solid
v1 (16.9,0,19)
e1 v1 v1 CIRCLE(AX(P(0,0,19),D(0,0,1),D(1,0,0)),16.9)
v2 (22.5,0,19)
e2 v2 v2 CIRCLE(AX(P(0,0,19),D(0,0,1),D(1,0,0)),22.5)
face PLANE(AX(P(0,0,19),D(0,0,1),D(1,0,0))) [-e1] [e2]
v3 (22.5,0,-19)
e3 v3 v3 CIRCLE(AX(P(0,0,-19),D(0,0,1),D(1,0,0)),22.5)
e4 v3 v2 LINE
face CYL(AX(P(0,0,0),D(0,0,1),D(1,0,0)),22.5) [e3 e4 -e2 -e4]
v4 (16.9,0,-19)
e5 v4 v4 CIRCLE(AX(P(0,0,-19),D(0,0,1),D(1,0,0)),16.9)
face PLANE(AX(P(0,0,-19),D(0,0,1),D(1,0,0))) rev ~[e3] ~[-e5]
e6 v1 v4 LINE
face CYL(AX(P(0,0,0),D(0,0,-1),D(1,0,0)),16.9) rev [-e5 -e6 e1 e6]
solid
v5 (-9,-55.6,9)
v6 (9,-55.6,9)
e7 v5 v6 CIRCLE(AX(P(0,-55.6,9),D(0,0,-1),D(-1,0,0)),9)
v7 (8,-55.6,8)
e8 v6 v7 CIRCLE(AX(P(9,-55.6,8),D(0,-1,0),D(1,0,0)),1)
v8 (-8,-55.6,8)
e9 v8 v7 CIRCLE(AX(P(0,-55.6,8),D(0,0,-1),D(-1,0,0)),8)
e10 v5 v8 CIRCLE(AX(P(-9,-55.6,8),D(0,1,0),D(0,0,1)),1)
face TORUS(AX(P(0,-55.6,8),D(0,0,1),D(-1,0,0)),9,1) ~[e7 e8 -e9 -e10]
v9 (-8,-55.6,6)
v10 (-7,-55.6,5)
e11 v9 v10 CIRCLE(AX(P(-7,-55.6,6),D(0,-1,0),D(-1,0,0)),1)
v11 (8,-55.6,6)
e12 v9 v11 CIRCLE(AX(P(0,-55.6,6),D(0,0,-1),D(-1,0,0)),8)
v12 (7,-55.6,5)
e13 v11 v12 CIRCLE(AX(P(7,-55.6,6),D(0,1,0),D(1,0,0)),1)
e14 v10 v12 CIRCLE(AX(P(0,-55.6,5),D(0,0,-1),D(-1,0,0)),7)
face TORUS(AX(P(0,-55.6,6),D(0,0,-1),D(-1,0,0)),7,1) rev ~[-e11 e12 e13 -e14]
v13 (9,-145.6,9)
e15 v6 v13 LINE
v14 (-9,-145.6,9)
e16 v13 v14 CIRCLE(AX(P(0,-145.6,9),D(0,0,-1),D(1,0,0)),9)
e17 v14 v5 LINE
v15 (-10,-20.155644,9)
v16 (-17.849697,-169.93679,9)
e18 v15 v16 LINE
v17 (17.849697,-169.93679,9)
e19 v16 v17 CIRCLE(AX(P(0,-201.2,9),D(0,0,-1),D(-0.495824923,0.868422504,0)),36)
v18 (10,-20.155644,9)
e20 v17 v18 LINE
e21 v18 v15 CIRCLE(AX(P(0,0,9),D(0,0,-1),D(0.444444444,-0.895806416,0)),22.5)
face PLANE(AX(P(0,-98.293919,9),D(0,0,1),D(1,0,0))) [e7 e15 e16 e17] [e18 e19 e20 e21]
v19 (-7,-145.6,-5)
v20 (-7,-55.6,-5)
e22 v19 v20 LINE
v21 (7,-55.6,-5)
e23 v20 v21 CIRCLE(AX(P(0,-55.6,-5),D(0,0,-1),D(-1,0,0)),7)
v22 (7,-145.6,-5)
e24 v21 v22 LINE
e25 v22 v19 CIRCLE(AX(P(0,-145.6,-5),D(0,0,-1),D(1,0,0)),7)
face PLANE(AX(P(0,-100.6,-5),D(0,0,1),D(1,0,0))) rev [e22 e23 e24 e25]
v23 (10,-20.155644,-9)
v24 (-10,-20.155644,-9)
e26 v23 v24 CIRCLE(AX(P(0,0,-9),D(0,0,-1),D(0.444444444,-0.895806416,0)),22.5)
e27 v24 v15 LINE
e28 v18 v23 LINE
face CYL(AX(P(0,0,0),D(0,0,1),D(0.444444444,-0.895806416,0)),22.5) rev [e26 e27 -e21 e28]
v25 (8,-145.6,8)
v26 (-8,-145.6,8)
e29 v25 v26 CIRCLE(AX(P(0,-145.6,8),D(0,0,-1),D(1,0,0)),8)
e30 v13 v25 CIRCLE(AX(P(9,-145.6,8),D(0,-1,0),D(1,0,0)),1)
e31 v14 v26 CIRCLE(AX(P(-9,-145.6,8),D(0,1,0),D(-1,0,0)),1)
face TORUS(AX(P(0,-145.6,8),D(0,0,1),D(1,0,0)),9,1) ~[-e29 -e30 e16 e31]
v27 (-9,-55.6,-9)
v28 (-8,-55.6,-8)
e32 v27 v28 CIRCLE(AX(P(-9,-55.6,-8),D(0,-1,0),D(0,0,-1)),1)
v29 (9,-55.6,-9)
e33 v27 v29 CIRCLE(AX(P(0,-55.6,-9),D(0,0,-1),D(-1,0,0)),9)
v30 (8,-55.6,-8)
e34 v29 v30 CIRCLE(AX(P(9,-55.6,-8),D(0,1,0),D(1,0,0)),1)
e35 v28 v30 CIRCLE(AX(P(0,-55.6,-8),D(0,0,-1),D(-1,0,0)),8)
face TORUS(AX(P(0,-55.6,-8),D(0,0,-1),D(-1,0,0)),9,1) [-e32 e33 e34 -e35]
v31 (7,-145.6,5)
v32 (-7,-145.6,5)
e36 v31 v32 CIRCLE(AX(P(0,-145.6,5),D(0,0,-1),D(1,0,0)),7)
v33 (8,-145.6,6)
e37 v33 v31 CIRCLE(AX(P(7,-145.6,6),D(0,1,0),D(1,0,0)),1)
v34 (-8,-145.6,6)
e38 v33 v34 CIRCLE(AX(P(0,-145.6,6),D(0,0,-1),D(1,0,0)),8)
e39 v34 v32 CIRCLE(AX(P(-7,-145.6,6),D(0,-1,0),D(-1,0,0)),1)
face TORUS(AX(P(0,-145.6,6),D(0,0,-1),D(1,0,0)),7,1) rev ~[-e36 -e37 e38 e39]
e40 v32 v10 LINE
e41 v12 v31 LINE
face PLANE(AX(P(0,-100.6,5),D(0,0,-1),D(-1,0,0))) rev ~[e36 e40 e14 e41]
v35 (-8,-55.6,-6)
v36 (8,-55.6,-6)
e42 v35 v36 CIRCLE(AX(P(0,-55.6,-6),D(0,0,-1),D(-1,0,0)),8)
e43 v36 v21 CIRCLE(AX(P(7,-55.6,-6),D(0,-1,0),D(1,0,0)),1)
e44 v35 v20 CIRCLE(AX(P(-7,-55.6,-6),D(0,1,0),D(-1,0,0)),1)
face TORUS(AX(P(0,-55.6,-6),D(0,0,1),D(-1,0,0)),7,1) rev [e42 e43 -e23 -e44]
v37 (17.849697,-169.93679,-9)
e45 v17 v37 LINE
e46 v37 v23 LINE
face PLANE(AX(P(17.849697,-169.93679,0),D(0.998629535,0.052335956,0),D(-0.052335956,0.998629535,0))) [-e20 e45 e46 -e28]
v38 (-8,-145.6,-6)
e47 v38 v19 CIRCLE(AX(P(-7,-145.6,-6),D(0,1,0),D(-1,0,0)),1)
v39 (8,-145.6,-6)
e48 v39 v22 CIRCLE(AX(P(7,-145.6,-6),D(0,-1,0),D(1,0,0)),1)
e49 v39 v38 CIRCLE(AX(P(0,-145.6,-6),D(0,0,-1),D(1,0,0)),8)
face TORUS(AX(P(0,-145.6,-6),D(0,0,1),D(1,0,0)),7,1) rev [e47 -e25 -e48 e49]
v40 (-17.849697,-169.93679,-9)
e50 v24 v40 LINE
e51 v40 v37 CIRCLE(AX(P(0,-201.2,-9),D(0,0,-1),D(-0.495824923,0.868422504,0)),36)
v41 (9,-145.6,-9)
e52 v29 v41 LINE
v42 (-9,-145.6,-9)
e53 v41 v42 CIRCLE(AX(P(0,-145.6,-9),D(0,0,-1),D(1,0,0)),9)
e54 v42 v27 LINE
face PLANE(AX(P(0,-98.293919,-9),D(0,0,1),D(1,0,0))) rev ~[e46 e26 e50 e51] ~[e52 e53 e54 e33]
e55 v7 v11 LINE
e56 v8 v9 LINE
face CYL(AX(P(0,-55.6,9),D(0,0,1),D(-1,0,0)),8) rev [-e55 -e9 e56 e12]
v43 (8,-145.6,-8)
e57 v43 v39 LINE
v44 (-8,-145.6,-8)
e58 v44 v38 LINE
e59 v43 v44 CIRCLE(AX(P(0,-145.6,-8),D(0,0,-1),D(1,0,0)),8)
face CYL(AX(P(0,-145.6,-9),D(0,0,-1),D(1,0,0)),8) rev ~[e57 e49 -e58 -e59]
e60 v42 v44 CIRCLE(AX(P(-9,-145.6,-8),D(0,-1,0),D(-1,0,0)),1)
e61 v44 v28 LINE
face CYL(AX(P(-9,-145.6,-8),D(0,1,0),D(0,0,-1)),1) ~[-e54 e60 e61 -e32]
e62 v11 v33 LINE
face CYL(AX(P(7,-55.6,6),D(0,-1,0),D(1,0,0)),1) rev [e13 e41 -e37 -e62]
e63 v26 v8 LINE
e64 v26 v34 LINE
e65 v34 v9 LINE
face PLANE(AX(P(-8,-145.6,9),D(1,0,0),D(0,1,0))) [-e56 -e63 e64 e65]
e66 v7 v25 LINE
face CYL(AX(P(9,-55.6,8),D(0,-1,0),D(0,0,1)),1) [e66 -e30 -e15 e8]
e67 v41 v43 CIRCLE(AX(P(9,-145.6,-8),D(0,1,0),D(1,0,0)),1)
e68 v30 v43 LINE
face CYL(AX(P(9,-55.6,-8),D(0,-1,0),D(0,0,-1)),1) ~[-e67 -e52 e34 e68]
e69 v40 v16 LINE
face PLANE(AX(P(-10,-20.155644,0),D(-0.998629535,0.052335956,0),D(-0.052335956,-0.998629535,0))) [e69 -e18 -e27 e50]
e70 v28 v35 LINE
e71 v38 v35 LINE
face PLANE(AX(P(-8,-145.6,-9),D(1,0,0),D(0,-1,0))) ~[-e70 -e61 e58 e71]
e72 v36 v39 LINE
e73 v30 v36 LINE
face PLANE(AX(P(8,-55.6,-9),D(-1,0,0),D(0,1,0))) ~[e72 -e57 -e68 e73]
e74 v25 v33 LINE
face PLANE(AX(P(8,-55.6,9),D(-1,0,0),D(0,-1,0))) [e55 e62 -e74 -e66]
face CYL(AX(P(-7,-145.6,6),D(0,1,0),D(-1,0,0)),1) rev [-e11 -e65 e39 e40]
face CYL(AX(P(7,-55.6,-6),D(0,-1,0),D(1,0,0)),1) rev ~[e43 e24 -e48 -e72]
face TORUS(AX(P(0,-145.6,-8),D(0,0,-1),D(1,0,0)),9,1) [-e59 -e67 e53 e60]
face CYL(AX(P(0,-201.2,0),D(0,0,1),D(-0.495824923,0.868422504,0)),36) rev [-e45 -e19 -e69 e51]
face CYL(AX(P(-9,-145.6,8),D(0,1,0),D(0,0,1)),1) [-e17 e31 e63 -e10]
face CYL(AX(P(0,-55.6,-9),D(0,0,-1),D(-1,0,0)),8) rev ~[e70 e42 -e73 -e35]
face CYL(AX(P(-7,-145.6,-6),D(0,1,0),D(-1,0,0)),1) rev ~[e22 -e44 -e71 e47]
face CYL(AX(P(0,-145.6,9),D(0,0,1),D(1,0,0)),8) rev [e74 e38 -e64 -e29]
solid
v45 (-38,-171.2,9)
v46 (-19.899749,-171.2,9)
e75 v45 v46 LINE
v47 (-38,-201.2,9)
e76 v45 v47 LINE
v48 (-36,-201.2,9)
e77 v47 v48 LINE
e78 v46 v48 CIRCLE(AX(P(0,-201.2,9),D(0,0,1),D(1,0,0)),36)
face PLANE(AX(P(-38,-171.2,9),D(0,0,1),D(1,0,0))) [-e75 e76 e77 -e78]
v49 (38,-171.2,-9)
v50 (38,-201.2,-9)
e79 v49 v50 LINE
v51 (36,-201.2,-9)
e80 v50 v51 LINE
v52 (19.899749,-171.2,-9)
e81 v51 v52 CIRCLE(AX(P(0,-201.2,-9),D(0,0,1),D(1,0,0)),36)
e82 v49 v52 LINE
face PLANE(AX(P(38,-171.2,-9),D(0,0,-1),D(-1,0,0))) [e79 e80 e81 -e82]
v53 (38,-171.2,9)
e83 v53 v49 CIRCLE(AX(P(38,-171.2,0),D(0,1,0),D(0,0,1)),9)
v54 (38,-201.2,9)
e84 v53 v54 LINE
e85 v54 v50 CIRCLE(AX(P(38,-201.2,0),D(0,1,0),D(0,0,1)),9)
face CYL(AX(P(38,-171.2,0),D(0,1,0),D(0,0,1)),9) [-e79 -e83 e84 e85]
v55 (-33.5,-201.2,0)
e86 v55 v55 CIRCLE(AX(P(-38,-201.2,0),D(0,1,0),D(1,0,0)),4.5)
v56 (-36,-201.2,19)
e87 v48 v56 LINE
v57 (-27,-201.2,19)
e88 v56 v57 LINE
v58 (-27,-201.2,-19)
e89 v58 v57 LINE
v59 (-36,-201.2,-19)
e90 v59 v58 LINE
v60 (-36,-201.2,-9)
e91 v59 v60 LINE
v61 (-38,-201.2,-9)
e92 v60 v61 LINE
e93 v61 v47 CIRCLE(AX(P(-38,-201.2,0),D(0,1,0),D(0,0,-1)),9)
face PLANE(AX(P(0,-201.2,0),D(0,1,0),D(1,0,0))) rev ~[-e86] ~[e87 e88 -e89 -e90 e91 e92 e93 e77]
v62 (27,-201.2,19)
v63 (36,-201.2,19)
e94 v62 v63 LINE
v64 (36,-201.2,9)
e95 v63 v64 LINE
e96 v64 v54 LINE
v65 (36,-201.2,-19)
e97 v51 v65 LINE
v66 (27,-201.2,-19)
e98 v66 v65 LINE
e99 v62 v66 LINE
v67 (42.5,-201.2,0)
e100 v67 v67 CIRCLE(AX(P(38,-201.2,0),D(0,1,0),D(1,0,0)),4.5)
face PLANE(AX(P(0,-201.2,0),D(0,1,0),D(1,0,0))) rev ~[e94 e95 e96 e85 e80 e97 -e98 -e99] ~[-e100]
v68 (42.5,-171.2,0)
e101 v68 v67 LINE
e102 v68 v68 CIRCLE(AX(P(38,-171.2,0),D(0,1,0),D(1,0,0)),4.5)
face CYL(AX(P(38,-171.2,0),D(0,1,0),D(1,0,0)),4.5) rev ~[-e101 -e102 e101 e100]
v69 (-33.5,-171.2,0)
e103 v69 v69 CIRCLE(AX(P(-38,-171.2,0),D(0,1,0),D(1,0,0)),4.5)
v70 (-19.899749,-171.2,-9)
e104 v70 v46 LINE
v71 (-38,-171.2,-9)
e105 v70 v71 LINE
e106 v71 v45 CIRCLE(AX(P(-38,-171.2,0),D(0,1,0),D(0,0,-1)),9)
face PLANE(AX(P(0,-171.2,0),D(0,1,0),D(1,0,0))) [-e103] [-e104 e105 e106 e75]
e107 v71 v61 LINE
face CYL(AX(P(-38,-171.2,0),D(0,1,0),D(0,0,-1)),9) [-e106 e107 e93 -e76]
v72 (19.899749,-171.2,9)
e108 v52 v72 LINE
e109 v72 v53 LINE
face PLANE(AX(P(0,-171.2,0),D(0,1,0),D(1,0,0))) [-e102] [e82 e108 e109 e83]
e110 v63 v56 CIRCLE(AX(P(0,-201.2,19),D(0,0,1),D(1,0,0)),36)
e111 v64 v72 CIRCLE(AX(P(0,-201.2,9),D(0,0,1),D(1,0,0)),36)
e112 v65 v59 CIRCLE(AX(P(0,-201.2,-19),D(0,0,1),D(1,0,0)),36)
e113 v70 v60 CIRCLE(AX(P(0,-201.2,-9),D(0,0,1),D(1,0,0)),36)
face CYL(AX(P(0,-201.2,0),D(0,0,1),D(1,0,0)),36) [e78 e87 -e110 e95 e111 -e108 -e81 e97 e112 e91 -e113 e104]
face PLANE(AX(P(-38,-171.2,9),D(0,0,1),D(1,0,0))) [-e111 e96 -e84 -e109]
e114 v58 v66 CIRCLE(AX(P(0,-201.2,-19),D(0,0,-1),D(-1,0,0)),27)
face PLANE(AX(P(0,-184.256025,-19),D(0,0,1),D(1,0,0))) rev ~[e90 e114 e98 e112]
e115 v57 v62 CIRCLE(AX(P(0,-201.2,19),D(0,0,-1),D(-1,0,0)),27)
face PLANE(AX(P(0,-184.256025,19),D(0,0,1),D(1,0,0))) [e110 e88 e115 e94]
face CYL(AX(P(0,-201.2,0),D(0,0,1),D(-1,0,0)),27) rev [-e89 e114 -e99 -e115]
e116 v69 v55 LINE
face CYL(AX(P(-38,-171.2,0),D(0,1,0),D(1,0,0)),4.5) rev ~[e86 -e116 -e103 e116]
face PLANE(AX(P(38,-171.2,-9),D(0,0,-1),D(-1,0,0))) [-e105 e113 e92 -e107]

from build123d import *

# Parameters (mm, degrees)
SKETCH1_R             = 22.5
SKETCH1_R_2           = 16.9
BOSS_EXTRUDE1_DEPTH   = 19
BOSS_EXTRUDE1_2_DEPTH = 19
BOSS_EXTRUDE2_DEPTH   = 9
CUT_EXTRUDE1_DEPTH    = 4
FILLET1_R             = 1
BOSS_EXTRUDE3_DEPTH   = 30
CUT_EXTRUDE2_DEPTH    = 29
SKETCH5_R             = 4.5
CUT_EXTRUDE3_DEPTH    = 31


with BuildPart() as part:
    # Sketch1 → Boss-Extrude1 (new body, symmetric)
    with BuildSketch(Plane.XY):
        Circle(SKETCH1_R)
        Circle(SKETCH1_R_2, mode=Mode.SUBTRACT)
    extrude(amount=BOSS_EXTRUDE1_DEPTH, both=True)


with BuildPart() as body_2:
    # Sketch1 → Boss-Extrude1 2 (new body, symmetric)
    with BuildSketch(Plane.XY):
        with BuildLine():
            ThreePointArc((36, -201.2), (0, -165.2), (-36, -201.2))
            Line((-36, -201.2), (-27, -201.2))
            ThreePointArc((-27, -201.2), (0, -174.2), (27, -201.2))
            Line((27, -201.2), (36, -201.2))
        make_face()
    extrude(amount=BOSS_EXTRUDE1_2_DEPTH, both=True)

    # Sketch3 → Boss-Extrude3 (add)
    with BuildSketch(Plane(origin=(0, -171.2, 0), x_dir=(-1, 0, 0), z_dir=(0, -1, 0))):
        with BuildLine():
            Line((38, -9), (-38, -9))
            ThreePointArc((-38, -9), (-47, 0), (-38, 9))
            Line((-38, 9), (38, 9))
            ThreePointArc((38, 9), (47, 0), (38, -9))
        make_face()
    extrude(amount=BOSS_EXTRUDE3_DEPTH)

    # Sketch4 → Cut-Extrude2 (cut, through all)
    with BuildSketch(Plane.XY.offset(9)):
        with BuildLine():
            Line((-27, -201.2), (27, -201.2))
            ThreePointArc((27, -201.2), (0, -174.2), (-27, -201.2))
        make_face()
    extrude(amount=-CUT_EXTRUDE2_DEPTH, mode=Mode.SUBTRACT)

    # Sketch5 → Cut-Extrude3 (cut, through all)
    with BuildSketch(Plane(origin=(0, -171.2, 0), x_dir=(1, 0, 0), z_dir=(0, 1, 0))):
        with Locations((38, 0)):
            Circle(SKETCH5_R)
        with Locations((-38, 0)):
            Circle(SKETCH5_R)
    extrude(amount=-CUT_EXTRUDE3_DEPTH, mode=Mode.SUBTRACT)


with BuildPart() as body_3:
    # Sketch1<5> → Boss-Extrude2 (new body, symmetric)
    with BuildSketch(Plane.XY):
        with BuildLine():
            ThreePointArc((10, -20.155644371), (0, -22.5), (-10, -20.155644371))
            Line((-10, -20.155644371), (-17.849697213, -169.936789841))
            ThreePointArc((-17.849697213, -169.936789841), (0, -165.2), (17.849697213, -169.936789841))
            Line((17.849697213, -169.936789841), (10, -20.155644371))
        make_face()
    extrude(amount=BOSS_EXTRUDE2_DEPTH, both=True)

    # Sketch2 → Cut-Extrude1 (cut)
    with BuildSketch(Plane.XY.offset(9)):
        with BuildLine():
            Line((-8, -145.6), (-8, -55.6))
            ThreePointArc((-8, -55.6), (0, -47.6), (8, -55.6))
            Line((8, -55.6), (8, -145.6))
            ThreePointArc((8, -145.6), (0, -153.6), (-8, -145.6))
        make_face()
    cut_extrude1 = extrude(amount=-CUT_EXTRUDE1_DEPTH, mode=Mode.SUBTRACT)

    # Mirror1: Cut-Extrude1 across plane
    add(cut_extrude1.mirror(Plane.XY), mode=Mode.SUBTRACT)

    # Fillet1
    fillet1_edges = [body_3.edges().sort_by_distance(p)[0] for p in [
        (0, -153.6, 5),
        (-8, -100.6, 5),
        (0, -47.6, 5),
        (8, -100.6, 5),
        (0, -153.6, 9),
        (8, -100.6, 9),
        (0, -47.6, 9),
        (-8, -100.6, 9),
        (0, -153.6, -9),
        (8, -100.6, -9),
        (0, -47.6, -9),
        (-8, -100.6, -9),
        (0, -153.6, -5),
        (8, -100.6, -5),
        (0, -47.6, -5),
        (-8, -100.6, -5),
    ]]
    fillet(fillet1_edges, radius=FILLET1_R)


solid = Compound([part.part, body_2.part, body_3.part])
